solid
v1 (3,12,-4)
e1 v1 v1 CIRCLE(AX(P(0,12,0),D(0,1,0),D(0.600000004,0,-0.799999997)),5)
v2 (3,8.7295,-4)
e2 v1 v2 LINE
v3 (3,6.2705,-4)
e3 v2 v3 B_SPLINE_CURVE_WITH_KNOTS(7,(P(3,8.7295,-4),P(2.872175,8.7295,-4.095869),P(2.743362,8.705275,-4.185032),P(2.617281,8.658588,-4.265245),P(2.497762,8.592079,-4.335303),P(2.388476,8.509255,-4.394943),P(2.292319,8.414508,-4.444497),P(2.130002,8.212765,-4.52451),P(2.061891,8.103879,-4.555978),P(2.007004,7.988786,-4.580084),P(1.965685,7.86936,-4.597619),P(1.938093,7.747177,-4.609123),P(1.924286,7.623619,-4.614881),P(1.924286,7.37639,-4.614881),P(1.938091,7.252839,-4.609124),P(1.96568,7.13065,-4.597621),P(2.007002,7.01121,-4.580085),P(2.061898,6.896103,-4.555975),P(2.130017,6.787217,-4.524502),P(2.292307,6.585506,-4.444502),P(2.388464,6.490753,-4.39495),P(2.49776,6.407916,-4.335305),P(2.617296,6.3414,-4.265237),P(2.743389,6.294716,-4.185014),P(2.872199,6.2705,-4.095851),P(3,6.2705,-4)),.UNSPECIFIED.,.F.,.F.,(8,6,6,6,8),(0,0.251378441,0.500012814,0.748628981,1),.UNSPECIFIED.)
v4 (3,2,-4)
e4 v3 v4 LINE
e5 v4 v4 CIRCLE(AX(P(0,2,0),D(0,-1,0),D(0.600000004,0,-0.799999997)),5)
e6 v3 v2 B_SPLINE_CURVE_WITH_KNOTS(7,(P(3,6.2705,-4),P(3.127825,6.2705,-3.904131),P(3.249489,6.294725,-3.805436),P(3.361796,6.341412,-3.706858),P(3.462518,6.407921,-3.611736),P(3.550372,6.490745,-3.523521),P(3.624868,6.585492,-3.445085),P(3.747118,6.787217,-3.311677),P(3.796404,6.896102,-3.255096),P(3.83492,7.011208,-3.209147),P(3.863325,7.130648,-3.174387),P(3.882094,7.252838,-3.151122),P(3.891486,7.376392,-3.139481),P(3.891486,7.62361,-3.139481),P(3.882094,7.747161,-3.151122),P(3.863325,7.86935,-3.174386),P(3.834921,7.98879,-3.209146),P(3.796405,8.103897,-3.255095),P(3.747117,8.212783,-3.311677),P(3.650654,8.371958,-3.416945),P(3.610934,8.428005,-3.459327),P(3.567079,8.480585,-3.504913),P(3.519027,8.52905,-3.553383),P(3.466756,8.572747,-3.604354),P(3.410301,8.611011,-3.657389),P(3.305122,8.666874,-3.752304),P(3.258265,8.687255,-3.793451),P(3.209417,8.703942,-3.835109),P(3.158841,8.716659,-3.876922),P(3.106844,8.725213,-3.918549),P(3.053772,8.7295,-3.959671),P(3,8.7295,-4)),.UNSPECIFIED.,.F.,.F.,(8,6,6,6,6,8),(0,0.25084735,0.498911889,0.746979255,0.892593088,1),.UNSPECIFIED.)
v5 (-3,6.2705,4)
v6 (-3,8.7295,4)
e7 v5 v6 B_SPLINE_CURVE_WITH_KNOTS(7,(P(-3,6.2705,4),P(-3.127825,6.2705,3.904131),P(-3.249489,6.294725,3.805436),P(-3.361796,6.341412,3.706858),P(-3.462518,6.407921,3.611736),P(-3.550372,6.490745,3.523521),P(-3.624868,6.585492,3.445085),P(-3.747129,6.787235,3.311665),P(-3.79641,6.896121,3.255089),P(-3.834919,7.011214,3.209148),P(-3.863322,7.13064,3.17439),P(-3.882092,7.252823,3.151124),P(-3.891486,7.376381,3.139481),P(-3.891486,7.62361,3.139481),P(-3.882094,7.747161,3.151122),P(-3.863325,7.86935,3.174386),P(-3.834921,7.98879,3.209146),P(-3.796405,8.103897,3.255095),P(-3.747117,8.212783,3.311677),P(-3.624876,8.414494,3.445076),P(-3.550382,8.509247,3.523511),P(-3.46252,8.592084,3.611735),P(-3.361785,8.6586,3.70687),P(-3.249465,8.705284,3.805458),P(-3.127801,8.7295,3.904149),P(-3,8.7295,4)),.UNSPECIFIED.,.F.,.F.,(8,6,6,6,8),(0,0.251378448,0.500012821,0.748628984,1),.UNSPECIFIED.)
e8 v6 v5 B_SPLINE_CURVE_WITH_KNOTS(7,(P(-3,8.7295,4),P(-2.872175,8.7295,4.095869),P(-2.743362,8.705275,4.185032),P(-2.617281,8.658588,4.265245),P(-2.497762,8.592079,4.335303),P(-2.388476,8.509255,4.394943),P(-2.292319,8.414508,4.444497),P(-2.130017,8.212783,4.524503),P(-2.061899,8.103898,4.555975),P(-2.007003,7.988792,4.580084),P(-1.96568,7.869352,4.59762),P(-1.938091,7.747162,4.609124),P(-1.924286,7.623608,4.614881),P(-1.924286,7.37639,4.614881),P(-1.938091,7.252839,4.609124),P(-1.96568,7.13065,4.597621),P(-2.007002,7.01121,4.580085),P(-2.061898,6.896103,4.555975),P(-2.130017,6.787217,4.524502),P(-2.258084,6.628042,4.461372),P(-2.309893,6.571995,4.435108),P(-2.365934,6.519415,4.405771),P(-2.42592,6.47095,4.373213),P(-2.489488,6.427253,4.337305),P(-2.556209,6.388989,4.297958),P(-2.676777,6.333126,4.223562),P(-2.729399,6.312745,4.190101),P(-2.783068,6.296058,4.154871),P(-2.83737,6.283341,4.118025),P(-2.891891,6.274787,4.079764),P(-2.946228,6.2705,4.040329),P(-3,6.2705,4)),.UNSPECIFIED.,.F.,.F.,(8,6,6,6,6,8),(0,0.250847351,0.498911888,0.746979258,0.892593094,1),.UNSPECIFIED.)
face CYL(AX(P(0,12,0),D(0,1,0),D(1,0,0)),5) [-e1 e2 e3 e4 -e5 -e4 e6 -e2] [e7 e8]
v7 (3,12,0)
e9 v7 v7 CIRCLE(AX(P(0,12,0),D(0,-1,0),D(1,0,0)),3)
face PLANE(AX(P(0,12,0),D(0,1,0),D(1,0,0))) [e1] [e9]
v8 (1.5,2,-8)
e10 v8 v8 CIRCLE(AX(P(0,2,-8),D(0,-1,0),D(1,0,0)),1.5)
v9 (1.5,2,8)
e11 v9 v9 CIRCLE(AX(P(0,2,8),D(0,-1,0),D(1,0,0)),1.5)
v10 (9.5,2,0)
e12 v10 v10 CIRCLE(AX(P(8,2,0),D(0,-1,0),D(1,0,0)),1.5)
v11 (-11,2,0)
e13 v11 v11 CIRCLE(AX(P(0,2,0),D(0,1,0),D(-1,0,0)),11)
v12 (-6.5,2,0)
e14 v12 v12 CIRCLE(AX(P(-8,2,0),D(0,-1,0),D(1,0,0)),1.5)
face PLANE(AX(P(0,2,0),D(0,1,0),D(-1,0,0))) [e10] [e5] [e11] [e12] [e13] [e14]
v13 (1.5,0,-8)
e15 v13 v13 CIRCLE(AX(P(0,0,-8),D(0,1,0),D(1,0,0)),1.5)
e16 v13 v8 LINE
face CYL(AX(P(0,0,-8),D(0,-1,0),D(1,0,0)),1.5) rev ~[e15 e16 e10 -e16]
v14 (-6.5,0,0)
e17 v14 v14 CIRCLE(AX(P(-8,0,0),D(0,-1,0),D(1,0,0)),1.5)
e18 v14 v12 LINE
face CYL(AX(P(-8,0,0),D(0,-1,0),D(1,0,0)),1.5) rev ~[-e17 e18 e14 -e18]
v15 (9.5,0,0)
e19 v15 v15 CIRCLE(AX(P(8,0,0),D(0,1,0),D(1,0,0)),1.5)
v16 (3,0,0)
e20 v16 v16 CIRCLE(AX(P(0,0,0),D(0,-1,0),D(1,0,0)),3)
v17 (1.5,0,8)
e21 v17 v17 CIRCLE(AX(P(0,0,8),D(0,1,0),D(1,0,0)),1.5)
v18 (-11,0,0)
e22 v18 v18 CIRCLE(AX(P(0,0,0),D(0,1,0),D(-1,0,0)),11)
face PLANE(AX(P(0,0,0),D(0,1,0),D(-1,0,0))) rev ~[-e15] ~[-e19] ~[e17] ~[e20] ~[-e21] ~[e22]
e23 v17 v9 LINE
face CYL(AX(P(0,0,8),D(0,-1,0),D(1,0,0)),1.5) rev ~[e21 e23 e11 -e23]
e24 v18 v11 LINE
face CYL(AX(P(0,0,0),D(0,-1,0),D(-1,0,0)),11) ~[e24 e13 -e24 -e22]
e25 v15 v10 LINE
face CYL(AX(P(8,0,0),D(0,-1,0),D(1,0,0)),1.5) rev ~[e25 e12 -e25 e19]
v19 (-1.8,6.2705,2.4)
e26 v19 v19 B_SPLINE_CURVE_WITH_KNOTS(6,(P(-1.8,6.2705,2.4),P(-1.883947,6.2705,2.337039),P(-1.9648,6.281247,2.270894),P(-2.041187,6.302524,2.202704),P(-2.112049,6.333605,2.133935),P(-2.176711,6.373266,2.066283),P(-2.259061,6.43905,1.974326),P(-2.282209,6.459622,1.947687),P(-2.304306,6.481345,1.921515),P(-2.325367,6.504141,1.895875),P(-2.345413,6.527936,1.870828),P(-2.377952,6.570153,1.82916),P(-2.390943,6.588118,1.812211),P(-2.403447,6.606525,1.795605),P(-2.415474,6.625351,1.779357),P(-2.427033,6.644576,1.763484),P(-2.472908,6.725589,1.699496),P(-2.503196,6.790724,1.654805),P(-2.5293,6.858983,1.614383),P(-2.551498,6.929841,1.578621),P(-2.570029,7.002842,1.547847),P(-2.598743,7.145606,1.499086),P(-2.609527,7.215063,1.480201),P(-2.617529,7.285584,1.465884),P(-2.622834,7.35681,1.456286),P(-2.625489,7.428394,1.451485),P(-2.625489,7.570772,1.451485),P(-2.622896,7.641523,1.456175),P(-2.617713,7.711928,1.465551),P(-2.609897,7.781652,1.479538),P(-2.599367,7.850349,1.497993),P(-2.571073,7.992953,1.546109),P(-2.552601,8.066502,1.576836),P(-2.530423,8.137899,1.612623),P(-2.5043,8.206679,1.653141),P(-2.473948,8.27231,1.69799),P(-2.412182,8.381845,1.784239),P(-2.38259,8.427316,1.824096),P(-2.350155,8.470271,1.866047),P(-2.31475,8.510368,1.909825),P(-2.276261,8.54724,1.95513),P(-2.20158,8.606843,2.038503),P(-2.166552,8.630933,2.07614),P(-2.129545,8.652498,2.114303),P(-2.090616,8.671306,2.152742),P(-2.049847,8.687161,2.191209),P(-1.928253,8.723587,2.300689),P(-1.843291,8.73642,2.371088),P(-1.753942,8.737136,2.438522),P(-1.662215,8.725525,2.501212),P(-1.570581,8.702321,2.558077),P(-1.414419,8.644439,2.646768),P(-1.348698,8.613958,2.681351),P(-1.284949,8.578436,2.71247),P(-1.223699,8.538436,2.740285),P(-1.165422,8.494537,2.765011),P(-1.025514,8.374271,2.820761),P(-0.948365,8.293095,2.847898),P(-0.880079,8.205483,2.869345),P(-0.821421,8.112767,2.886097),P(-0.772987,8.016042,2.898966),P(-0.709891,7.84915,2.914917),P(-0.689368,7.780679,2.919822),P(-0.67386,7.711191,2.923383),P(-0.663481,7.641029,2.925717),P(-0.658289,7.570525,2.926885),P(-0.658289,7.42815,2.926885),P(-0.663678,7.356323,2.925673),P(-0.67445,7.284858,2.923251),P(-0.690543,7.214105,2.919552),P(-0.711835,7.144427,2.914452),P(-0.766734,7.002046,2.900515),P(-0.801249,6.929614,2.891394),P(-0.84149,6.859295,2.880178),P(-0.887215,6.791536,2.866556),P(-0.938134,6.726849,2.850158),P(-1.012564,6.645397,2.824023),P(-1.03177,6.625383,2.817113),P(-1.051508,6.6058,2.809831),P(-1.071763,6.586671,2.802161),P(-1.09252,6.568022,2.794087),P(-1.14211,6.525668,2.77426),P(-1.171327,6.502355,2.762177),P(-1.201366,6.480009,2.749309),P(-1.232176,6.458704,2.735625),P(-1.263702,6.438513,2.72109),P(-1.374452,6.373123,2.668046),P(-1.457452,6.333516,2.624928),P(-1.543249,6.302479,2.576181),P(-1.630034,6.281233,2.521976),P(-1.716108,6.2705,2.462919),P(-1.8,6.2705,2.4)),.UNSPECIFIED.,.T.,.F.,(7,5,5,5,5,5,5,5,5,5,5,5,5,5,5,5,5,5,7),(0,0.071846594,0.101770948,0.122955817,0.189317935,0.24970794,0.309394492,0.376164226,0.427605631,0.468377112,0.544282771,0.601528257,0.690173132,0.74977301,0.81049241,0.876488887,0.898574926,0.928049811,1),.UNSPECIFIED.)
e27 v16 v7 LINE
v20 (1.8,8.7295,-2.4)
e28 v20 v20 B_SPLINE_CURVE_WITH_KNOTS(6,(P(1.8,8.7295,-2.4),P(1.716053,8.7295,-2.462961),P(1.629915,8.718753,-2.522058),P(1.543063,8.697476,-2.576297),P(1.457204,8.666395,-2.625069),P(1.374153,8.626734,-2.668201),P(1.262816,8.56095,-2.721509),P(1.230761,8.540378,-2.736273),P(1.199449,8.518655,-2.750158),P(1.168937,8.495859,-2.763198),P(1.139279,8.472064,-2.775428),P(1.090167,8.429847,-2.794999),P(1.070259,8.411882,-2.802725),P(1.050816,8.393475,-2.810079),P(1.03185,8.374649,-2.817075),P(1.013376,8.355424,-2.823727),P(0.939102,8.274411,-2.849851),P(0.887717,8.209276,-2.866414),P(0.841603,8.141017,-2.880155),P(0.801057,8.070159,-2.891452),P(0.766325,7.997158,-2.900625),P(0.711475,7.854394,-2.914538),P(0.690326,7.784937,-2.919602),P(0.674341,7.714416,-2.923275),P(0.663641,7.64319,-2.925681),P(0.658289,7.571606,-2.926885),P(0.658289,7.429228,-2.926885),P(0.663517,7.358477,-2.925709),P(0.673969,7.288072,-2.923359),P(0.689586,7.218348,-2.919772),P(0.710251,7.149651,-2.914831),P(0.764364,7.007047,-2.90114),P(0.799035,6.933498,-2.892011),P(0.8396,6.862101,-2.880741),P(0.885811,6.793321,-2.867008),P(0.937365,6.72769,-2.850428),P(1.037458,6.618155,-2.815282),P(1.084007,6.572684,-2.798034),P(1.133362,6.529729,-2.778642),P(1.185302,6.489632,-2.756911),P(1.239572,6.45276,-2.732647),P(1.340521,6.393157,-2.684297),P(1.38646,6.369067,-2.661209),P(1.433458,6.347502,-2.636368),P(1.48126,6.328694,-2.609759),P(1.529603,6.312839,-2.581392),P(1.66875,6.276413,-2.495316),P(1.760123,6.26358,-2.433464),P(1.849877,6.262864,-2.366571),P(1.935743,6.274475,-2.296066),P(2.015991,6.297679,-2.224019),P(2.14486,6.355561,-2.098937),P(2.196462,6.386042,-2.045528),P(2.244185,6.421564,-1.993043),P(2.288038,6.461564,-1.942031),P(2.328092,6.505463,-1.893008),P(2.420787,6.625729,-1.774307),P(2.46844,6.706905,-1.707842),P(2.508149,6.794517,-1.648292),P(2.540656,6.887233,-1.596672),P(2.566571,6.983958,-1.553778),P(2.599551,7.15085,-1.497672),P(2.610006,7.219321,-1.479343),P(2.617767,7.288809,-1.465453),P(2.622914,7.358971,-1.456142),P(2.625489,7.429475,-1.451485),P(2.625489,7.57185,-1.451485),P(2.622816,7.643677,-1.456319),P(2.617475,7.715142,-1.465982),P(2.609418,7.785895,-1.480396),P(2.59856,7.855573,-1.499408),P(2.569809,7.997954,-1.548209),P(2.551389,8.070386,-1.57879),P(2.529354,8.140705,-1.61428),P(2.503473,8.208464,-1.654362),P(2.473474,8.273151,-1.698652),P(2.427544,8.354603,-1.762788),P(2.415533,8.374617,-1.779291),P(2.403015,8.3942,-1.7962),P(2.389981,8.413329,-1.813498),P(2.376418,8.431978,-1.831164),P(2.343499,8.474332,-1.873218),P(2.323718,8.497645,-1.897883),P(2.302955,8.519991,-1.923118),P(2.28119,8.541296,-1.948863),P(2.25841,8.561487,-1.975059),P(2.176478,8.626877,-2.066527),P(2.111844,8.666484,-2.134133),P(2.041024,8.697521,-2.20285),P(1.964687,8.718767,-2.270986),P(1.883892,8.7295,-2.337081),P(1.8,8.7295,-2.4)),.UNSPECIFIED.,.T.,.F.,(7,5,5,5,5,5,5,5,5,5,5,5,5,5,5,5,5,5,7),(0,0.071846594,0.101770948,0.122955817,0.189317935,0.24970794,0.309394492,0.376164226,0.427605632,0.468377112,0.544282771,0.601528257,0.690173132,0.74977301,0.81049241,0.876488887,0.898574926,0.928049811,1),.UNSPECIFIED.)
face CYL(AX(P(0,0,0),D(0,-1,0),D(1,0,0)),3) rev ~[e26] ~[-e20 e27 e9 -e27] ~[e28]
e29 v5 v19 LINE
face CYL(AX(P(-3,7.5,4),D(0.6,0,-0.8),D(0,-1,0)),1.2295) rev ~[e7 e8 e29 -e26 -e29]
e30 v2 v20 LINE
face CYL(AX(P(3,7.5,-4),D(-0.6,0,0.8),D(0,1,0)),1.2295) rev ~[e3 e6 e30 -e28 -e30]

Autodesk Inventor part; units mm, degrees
ref_plane "YZ Plane" through (0, 0, 0) normal (1, 0, 0) x (0, 1, 0)
ref_plane "XZ Plane" through (0, 0, 0) normal (0, 1, 0) x (-1, 0, 0)
ref_plane "XY Plane" through (0, 0, 0) normal (0, 0, 1) x (1, 0, 0)
sketch "Schizzo1" plane through (0, 0, 0) normal (0, 1, 0) x (-1, 0, 0)
  circle A0 centre (0, 0) radius 11
  dimension "d0" = 22
extrude "Estrusione1" add sketch "Schizzo1" along normal blind 2
sketch "Schizzo2" plane through (0, 2, 0) normal (0, 1, 0) x (1, 0, 0)
  circle A0 centre (0, 0) radius 5
  line L0 (-7, -1) -> (-1, 7)
  line L1 (-1, 7) -> (7, 1)
  line L2 (7, 1) -> (1, -7)
  line L3 (1, -7) -> (-7, -1)
  point P0 (-3, -4)
  point P1 (4, -3)
  point P2 (-4, 3)
  point P3 (3, 4)
  dimension "d3" = 10
extrude "Estrusione2" add sketch "Schizzo2" along normal blind 10
sketch "Schizzo3" plane through (0, 0, 0) normal (0, -1, 0) x (1, 0, 0)
  circle A0 centre (0, 0) radius 2
  circle A1 centre (-8, 0) radius 1.5
  line L0 (0, -8) -> (0, 8)
  line L1 (-8, 0) -> (8, 0)
  circle A2 centre (0, -8) radius 1.5
  circle A3 centre (8, 0) radius 1.5
  circle A4 centre (0, 8) radius 1.5
  dimension "d6" = 4
  dimension "d7" = 3
  dimension "d8" = 16
  dimension "d9" = 16
  dimension "d10" = 3
  dimension "d11" = 3
  dimension "d12" = 3
extrude "Estrusione3" cut sketch "Schizzo3" against normal blind 2 contours A2 | A1 | A4 | A3
sketch "Schizzo4" plane through (0, 0, 0) normal (0, -1, 0) x (1, 0, 0)
  circle A0 centre (0, 0) radius 3
  dimension "d15" = 6
extrude "Estrusione4" cut sketch "Schizzo4" against normal blind 12
sketch "Schizzo5" plane through (1, 2, 7) normal (-0.6, 0, 0.8) x (0.8, 0, 0.6)
  line L0 (-0.7385, 0) -> (-9.9134, 0) projected
  line L1 (-5, 0) -> (-5, 4)
  line L2 (-5, 0) -> (-1, 0) construction
  line L3 (-5, 4) -> (-5, 5.5)
  point P0 (-5, -2)
  dimension "d19" = 4
  dimension "d20" = 90
  dimension "d21" = 1.5
  dimension "d22" = 180
hole "Foro1" at (-3, 7.5, 4) direction (0.6, 0, -0.8) diameter 2.459 depth 6 tip angle 118 thread size "M3x0.5" class "6H" standard "ISO Metric profile"
sketch "Schizzo7" plane through (-1, 2, -7) normal (0.6, 0, -0.8) x (-0.8, 0, -0.6)
  circle A0 centre (-5, 5.5) radius 1.2295 projected
  circle A1 centre (-5, 5.5) radius 1.2295
  point P0 (-5, -2)
  point P1 (-6.2295, 5.5)
hole "Foro2" at (3, 7.5, -4) direction (-0.6, 0, 0.8) diameter 2.459 depth 6 tip angle 118 thread size "M3x0.5" class "6H" standard "ISO Metric profile"
sketch "Schizzo6" plane through (0, 12, 0) normal (0, 1, 0) x (1, 0, 0)
  circle A0 centre (0, 0) radius 5
  circle A1 centre (0, 0) radius 3 projected
  line L0 (-1, 7) -> (-7, -1) projected
  line L1 (-1, 7) -> (7, 1)
  line L2 (7, 1) -> (1, -7)
  line L3 (1, -7) -> (-7, -1)
  line L4 (-7, -1) -> (-1, 7)
  point P0 (-4, 3)
  point P1 (-3, -4)
  point P2 (4, -3)
  point P3 (-4, 3)
  point P4 (3, 4)
extrude "Estrusione5" cut sketch "Schizzo6" against normal blind 10 contours A0 L1 L2 | A0 L0 L1 | L2 L3 A0 | A0 L3 L0
properties part number "9_Flangia" material "Acciaio, Dolce"
